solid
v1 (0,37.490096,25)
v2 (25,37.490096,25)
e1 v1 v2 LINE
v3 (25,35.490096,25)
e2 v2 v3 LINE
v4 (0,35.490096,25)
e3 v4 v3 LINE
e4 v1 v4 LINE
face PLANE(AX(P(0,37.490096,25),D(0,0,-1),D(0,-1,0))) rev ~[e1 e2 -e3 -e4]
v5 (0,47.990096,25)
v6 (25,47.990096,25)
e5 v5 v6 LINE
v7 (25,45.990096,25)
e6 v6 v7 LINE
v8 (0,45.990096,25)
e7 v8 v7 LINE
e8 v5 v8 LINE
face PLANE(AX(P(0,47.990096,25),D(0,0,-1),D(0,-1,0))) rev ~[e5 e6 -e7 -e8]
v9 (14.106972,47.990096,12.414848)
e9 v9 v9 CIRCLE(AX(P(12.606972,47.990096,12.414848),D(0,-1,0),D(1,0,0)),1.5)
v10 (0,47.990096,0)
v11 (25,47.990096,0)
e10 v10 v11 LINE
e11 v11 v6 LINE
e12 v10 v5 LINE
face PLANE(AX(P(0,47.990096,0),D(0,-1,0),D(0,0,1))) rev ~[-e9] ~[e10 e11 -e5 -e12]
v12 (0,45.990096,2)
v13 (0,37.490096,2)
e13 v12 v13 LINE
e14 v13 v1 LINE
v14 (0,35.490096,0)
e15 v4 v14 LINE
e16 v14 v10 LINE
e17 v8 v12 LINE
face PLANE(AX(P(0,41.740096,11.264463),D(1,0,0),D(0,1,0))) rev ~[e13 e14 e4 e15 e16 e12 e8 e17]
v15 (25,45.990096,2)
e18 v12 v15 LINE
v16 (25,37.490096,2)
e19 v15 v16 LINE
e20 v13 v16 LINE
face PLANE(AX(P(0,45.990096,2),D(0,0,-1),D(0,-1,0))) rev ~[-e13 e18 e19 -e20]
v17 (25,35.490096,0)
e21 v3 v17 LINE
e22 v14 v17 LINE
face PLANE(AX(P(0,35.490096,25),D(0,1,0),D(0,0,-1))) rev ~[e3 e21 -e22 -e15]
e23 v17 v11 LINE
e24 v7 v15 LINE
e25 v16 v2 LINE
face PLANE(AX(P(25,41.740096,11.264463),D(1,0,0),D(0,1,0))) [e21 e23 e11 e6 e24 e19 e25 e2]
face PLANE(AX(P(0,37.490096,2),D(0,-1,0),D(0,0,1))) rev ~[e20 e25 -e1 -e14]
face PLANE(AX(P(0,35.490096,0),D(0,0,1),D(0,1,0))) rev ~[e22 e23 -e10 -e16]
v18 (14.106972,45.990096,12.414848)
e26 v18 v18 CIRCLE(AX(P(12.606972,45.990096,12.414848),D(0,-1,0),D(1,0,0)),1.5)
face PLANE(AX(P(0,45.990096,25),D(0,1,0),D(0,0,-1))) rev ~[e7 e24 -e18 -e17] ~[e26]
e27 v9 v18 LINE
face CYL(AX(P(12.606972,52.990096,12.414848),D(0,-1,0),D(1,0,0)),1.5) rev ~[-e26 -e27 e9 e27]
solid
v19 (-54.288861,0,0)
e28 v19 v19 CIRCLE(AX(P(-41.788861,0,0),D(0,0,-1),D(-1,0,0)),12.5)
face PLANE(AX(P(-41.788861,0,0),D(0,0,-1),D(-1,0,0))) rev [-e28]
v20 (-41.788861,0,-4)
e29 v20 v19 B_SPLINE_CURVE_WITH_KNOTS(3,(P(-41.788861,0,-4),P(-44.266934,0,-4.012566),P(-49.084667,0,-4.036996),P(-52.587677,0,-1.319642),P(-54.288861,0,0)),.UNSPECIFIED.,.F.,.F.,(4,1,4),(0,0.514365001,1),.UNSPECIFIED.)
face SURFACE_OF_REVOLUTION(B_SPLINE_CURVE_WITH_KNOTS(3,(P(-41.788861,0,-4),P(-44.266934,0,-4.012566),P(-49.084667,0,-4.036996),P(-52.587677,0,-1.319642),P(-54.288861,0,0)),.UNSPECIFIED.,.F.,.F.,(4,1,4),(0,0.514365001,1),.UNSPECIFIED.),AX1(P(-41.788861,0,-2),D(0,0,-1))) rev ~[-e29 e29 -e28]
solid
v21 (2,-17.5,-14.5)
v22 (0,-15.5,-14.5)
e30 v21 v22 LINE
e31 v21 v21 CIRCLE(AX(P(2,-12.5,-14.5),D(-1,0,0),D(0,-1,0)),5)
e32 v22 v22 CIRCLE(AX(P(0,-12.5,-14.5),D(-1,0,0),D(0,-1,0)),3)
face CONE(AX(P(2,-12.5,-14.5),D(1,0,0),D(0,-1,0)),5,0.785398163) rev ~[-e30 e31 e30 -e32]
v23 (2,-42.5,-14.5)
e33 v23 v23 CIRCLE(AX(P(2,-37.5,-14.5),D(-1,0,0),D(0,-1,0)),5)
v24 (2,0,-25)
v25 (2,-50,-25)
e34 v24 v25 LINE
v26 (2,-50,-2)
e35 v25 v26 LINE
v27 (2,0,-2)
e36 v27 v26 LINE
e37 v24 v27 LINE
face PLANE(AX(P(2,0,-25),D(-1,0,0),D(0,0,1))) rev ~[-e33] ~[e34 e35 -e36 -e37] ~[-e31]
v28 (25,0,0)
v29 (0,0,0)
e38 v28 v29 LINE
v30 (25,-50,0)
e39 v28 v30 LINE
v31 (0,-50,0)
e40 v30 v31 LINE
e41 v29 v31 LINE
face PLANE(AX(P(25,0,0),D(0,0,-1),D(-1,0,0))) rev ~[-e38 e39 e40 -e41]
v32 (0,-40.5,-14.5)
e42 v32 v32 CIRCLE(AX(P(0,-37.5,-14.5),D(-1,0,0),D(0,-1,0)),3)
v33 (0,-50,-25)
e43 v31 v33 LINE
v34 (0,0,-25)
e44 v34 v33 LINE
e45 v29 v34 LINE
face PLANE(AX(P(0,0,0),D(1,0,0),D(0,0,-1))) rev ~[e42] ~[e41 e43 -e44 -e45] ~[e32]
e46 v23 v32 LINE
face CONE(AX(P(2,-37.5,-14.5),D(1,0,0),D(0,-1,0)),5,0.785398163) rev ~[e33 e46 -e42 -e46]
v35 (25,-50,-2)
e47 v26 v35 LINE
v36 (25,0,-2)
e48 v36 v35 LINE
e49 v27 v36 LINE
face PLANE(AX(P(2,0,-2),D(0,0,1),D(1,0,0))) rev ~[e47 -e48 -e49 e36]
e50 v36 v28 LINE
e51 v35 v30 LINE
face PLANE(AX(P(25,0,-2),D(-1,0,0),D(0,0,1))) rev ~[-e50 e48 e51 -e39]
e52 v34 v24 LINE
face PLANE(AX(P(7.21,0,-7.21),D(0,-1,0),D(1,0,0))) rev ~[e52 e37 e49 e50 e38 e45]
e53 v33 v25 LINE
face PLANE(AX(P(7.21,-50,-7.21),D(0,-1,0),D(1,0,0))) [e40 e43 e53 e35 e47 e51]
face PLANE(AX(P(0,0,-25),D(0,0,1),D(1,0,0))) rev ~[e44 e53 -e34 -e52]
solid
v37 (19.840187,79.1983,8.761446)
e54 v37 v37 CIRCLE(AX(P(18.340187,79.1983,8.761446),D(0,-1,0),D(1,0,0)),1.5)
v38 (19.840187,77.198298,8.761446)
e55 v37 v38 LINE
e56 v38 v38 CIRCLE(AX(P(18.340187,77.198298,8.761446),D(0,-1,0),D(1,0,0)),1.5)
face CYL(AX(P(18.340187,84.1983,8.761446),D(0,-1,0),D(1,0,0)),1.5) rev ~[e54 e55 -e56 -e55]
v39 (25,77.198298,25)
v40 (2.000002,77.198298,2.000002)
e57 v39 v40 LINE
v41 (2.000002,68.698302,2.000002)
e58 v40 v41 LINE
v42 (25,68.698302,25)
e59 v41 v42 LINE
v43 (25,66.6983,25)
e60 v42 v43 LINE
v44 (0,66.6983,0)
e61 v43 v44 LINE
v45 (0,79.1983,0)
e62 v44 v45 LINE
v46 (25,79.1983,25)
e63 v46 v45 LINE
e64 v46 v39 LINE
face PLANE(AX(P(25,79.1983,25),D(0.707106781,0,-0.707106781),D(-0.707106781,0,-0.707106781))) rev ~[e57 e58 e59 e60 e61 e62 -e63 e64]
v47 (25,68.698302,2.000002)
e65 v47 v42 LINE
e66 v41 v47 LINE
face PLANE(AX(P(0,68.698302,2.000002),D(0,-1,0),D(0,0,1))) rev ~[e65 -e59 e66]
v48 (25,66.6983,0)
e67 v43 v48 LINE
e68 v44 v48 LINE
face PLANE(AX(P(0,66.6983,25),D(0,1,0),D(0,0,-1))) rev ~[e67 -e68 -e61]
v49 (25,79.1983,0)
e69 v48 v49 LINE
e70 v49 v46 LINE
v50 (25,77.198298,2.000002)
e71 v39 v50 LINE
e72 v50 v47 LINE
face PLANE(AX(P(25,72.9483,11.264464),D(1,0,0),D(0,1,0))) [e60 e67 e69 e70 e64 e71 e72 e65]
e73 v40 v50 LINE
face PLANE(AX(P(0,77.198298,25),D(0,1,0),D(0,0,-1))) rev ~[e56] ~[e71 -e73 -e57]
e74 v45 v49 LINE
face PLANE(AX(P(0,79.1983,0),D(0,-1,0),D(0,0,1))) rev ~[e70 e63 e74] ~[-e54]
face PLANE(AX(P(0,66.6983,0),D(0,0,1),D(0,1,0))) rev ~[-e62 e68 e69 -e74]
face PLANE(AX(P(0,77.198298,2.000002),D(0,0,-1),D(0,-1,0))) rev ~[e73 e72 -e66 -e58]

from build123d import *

# Parameters (mm, degrees)
F1_DEPTH       = 50
F3_D           = 5
F3_CSINK_D     = 10
F3_CSINK_ANGLE = 90
F7_DEPTH       = 25
F9_DEPTH       = 25
F11_DEPTH      = 25
F14_D          = 3
F14_DEPTH      = 5
F14_TIP        = 0.9012909285
F15_D          = 3
F15_DEPTH      = 5
F15_TIP        = 0.9012909285


with BuildPart() as f1:
    # F0 (on Front) → F1 (new body)
    with BuildSketch(Plane.XZ):
        Polygon((25, -2), (25, 0), (0, 0), (0, -25), (2, -25), (2, -2), align=None)
    extrude(amount=F1_DEPTH)

    # F3 (through all)
    with Locations(Plane.YZ.offset(2)):
        with Locations((-37.5, -14.5), (-12.5, -14.5)):
            CounterSinkHole(F3_D / 2, F3_CSINK_D / 2, counter_sink_angle=F3_CSINK_ANGLE)


with BuildPart() as f5:
    # F4 (on Front) → F5 (revolve)
    with BuildSketch(Plane.XZ):
        with BuildLine():
            Line((-41.7888606299, 0), (-54.2888606299, 0))
            add(Edge.make_bspline(
                [(-41.7888606299, -4), (-44.266934, -4.0125659739), (-49.084667253, -4.0369960456), (-52.5876766603, -1.3196421541), (-54.2888606299, 0)],
                knots=[0, 0, 0, 0, 0.5143650011, 1, 1, 1, 1], degree=3))
            Line((-41.7888606299, -4), (-41.7888606299, 0))
        make_face()
    revolve(axis=Axis((-41.7888606299, 0, -2), (0, 0, -1)))


with BuildPart() as f7:
    # F6 (on Right) → F7 (new body)
    with BuildSketch(Plane.YZ):
        Polygon((68.6983019114, 25), (66.6983001937, 25), (66.6983001937, 0), (79.1983001937, 0), (79.1983001937, 25), (77.1982984761, 25), (77.1982984761, 2.0000017176), (68.6983019114, 2.0000017176), align=None)
    extrude(amount=F7_DEPTH)

    # F8 (on face) → F9 (cut)
    with BuildSketch(Plane(origin=(0, 79.1983001937, 0), x_dir=(-1, 0, 0), z_dir=(0, 1, 0))):
        Polygon((-22.9984801263, 25), (-25, 25), (0, 0), (0, 25), align=None)
    extrude(amount=-F9_DEPTH, mode=Mode.SUBTRACT)

    # F14
    with Locations(Plane(origin=(0, 79.1983001937, 0), x_dir=(-1, 0, 0), z_dir=(0, 1, 0))):
        with Locations((-18.3401871473, 8.7614459917)):
            Hole(F14_D / 2, depth=F14_DEPTH)
            with Locations((0, 0, -(F14_DEPTH + F14_TIP / 2))):  # 118° drill point
                Cone(0, F14_D / 2, F14_TIP, mode=Mode.SUBTRACT)


with BuildPart() as f11:
    # F10 (on Right) → F11 (new body)
    with BuildSketch(Plane.YZ):
        Polygon((37.4900956154, 25), (35.4900956154, 25), (35.4900956154, 0), (47.9900956154, 0), (47.9900956154, 25), (45.9900956154, 25), (45.9900956154, 2), (37.4900956154, 2), align=None)
    extrude(amount=F11_DEPTH)

    # F15
    with Locations(Plane(origin=(0, 47.9900956154, 0), x_dir=(-1, 0, 0), z_dir=(0, 1, 0))):
        with Locations((-12.6069718972, 12.4148484319)):
            Hole(F15_D / 2, depth=F15_DEPTH)
            with Locations((0, 0, -(F15_DEPTH + F15_TIP / 2))):  # 118° drill point
                Cone(0, F15_D / 2, F15_TIP, mode=Mode.SUBTRACT)


solid = Compound([f1.part, f5.part, f7.part, f11.part])
